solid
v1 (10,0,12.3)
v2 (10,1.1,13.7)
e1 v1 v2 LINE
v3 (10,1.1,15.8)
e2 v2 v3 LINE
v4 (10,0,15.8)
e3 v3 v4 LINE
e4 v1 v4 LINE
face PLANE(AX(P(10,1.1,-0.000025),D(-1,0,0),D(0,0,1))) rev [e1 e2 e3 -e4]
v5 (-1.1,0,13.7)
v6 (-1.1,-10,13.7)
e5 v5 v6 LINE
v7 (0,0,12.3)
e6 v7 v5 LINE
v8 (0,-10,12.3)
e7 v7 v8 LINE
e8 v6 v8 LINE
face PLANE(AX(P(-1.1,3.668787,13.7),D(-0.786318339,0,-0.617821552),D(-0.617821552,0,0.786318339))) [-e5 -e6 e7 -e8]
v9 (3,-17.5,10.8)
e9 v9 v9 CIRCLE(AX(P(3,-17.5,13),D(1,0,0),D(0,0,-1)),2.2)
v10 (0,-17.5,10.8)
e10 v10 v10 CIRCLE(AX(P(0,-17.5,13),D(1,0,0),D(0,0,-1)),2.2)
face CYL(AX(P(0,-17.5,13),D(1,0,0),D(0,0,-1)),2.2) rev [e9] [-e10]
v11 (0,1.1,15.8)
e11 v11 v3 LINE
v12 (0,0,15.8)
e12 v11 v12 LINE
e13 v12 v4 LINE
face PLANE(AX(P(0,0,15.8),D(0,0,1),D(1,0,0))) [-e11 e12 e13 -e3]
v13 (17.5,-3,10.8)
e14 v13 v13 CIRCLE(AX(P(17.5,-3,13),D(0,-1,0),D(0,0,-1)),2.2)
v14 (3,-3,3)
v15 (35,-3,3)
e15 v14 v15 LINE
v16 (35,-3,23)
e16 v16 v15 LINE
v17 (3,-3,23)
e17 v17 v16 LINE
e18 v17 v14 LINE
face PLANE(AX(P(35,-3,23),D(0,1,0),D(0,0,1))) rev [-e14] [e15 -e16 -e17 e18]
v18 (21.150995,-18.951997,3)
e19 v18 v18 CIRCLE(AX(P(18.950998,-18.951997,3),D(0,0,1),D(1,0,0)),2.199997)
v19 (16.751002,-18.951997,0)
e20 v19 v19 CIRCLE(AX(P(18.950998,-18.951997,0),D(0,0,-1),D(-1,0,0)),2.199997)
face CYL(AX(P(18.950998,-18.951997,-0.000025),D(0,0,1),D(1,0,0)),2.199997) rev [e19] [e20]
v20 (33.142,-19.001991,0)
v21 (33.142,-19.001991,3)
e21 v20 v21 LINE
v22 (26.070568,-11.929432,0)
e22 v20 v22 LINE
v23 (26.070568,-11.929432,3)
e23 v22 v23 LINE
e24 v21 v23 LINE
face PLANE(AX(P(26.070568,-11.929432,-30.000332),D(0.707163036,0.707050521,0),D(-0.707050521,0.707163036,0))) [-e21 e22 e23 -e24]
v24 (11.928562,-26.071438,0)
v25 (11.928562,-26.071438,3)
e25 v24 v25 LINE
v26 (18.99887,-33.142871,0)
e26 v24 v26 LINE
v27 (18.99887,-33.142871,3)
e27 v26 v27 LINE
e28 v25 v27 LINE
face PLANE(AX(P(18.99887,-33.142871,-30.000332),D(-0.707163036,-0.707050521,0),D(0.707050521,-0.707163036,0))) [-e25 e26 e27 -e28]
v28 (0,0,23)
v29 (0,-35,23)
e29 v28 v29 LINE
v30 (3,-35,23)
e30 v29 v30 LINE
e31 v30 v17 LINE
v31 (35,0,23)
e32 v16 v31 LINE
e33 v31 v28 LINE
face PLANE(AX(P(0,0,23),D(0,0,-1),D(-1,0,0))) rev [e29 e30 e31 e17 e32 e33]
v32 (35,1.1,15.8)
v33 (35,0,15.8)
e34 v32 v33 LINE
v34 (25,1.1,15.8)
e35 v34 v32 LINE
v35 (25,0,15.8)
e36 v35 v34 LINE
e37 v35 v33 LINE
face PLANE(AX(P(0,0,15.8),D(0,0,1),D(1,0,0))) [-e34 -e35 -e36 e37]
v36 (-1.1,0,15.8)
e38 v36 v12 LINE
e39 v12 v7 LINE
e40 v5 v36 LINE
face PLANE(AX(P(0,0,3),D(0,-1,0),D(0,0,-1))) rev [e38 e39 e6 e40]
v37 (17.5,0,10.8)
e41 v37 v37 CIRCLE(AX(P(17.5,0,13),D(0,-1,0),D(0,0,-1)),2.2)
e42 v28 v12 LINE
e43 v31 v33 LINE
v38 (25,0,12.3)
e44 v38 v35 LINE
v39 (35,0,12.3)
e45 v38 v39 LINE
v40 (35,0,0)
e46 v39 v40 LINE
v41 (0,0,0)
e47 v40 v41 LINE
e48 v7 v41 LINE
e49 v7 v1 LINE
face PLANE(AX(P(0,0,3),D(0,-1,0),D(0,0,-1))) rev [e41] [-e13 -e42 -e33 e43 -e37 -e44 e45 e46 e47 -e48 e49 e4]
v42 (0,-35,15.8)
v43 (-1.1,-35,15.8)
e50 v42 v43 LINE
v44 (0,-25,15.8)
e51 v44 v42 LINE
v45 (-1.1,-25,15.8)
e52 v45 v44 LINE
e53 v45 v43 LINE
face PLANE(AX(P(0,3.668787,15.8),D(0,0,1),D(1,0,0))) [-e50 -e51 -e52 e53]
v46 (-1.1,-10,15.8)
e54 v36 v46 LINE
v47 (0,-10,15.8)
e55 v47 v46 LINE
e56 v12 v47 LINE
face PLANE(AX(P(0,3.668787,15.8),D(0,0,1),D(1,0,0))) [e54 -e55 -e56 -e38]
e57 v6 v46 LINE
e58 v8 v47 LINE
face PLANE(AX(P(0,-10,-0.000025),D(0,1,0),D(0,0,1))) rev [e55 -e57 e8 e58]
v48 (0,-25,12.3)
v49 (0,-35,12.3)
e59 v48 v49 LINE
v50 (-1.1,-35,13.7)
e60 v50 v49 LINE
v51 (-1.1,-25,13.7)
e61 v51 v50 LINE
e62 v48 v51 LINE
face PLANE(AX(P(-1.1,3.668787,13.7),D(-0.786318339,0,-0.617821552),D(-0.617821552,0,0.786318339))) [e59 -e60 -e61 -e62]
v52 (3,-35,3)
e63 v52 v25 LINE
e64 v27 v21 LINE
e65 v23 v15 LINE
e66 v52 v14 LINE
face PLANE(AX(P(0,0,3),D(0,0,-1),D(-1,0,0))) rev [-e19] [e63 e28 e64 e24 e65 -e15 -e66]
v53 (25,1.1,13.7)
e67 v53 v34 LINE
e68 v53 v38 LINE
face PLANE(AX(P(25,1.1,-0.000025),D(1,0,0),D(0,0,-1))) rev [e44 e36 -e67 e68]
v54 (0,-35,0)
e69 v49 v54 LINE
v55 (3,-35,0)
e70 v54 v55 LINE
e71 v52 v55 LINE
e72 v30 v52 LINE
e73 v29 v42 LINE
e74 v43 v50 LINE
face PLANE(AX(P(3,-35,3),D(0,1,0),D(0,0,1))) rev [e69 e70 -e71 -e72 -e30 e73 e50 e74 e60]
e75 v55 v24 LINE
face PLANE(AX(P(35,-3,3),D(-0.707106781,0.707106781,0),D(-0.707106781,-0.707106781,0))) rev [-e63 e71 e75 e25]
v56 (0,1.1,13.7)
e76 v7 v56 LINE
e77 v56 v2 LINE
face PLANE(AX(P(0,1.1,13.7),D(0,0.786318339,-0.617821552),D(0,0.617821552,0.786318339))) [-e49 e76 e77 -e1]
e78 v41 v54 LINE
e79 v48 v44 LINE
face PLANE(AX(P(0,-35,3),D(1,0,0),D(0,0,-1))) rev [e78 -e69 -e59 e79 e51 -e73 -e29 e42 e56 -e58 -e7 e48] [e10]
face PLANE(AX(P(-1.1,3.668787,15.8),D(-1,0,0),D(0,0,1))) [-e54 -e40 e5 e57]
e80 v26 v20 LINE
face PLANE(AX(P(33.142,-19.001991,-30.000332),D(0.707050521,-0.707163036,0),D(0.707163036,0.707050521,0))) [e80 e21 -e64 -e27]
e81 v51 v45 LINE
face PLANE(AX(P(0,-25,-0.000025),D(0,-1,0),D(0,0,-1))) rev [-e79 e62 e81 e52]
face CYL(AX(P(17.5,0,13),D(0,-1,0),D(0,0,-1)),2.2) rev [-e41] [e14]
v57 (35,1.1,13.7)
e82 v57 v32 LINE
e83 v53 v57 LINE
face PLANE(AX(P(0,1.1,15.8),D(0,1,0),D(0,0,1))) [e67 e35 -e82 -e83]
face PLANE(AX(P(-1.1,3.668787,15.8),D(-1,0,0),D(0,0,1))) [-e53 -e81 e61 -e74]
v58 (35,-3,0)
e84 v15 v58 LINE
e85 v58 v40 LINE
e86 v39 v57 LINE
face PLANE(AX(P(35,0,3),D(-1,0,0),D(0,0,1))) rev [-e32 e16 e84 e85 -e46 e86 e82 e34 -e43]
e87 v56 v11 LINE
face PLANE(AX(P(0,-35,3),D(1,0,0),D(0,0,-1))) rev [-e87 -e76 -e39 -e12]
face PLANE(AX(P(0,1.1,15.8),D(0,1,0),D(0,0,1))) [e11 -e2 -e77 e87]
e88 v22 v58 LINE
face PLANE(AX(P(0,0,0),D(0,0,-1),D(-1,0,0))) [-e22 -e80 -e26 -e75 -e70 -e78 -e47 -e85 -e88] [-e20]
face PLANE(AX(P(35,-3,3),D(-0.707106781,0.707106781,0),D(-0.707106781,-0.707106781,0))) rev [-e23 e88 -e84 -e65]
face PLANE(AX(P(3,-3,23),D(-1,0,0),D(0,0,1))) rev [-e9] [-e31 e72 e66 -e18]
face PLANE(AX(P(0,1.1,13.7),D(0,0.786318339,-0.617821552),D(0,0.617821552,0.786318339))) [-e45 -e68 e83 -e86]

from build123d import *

# Parameters (mm, degrees)
BOSS_EXTRUDE1_DEPTH = 3
BOSS_EXTRUDE2_DEPTH = 20
SKETCH4_R           = 2.2
CUT_EXTRUDE1_DEPTH  = 53.706735812
SKETCH5_R           = 2.2
CUT_EXTRUDE2_DEPTH  = 53.706735812
BOSS_EXTRUDE5_DEPTH = 35
SKETCH7_W           = 15
SKETCH7_H           = 1.1
CUT_EXTRUDE3_DEPTH  = 52.95806001
BOSS_EXTRUDE6_REACH = 57.292
SKETCH9_W           = 1.1
SKETCH9_H           = 15
CUT_EXTRUDE4_DEPTH  = 52.95806001
BOSS_EXTRUDE7_DEPTH = 3
SKETCH11_R          = 2.199996526
CUT_EXTRUDE5_DEPTH  = 54.38539126


with BuildPart() as part:
    # Sketch1 → Boss-Extrude1 (new body)
    with BuildSketch(Plane.XY):
        Polygon((0, -35), (0, 0), (35, 0), (35, -3), (3, -35), align=None)
    extrude(amount=BOSS_EXTRUDE1_DEPTH)

    # Sketch2 → Boss-Extrude2 (add)
    with BuildSketch(Plane.XY.offset(3)):
        Polygon((0, -35), (0, 0), (35, 0), (35, -3), (3, -3), (3, -35), align=None)
    extrude(amount=BOSS_EXTRUDE2_DEPTH)

    # Sketch4 → Cut-Extrude1 (cut, through all)
    with BuildSketch(Plane.XZ.offset(3)):
        with Locations(Location((17.5, 13, 0), (0, 0, 270))):
            Circle(SKETCH4_R)
    extrude(amount=-CUT_EXTRUDE1_DEPTH, mode=Mode.SUBTRACT)

    # Sketch5 → Cut-Extrude2 (cut, through all)
    with BuildSketch(Plane(origin=(3, 0, 0), x_dir=(0, 0, -1), z_dir=(1, 0, 0))):
        with Locations((-13, -17.5)):
            Circle(SKETCH5_R)
    extrude(amount=-CUT_EXTRUDE2_DEPTH, mode=Mode.SUBTRACT)

    # Sketch6 → Boss-Extrude5 (add, through all)
    with BuildSketch(Plane(origin=(35, 0, 0), x_dir=(0, 0, -1), z_dir=(1, 0, 0))):
        Polygon((-15.8, 0), (-15.8, 1.1), (-13.7, 1.1), (-12.3, 0), align=None)
    extrude(amount=-BOSS_EXTRUDE5_DEPTH)

    # Sketch7 → Cut-Extrude3 (cut, through all)
    with BuildSketch(Plane.XY.offset(15.8)):
        with Locations((17.5, 0.55)):
            Rectangle(SKETCH7_W, SKETCH7_H)
    extrude(amount=-CUT_EXTRUDE3_DEPTH, mode=Mode.SUBTRACT)

    # Boss-Extrude6: up to this face of the body (flat: up to its plane)
    boss_extrude6_end = Plane(part.part.faces().sort_by_distance((0.418807832, 0, 19.4))[0])
    # Sketch8 → Boss-Extrude6 (add, up to the picked face)
    with BuildSketch(Plane.XZ.offset(35), mode=Mode.PRIVATE) as boss_extrude6_sk1:
        Polygon((0, 12.3), (0, 15.8), (-1.1, 15.8), (-1.1, 13.7), align=None)
    boss_extrude6_tool1 = split(extrude(boss_extrude6_sk1.sketch, amount=-BOSS_EXTRUDE6_REACH, mode=Mode.PRIVATE), bisect_by=boss_extrude6_end, keep=Keep.BOTH, mode=Mode.PRIVATE)
    add(boss_extrude6_tool1.solids().sort_by(Axis((-0.504167, -35, 14.370833), (0, 1, 0)))[0])

    # Sketch9 → Cut-Extrude4 (cut, through all)
    with BuildSketch(Plane.XY.offset(15.8)):
        with Locations((-0.55, -17.5)):
            Rectangle(SKETCH9_W, SKETCH9_H)
    extrude(amount=-CUT_EXTRUDE4_DEPTH, mode=Mode.SUBTRACT)

    # Sketch10 → Boss-Extrude7 (add)
    with BuildSketch(Plane.XY.offset(3)):
        Polygon((11.92856235, -26.07143765), (26.070567589, -11.929432411), (33.142000437, -19.001990557), (18.998870149, -33.142870566), align=None)
    extrude(amount=-BOSS_EXTRUDE7_DEPTH)

    # Sketch11 → Cut-Extrude5 (cut, through all)
    with BuildSketch(Plane.XY.offset(3)):
        with Locations((18.950998351, -18.951996964)):
            Circle(SKETCH11_R)
    extrude(amount=-CUT_EXTRUDE5_DEPTH, mode=Mode.SUBTRACT)


solid = part.part
